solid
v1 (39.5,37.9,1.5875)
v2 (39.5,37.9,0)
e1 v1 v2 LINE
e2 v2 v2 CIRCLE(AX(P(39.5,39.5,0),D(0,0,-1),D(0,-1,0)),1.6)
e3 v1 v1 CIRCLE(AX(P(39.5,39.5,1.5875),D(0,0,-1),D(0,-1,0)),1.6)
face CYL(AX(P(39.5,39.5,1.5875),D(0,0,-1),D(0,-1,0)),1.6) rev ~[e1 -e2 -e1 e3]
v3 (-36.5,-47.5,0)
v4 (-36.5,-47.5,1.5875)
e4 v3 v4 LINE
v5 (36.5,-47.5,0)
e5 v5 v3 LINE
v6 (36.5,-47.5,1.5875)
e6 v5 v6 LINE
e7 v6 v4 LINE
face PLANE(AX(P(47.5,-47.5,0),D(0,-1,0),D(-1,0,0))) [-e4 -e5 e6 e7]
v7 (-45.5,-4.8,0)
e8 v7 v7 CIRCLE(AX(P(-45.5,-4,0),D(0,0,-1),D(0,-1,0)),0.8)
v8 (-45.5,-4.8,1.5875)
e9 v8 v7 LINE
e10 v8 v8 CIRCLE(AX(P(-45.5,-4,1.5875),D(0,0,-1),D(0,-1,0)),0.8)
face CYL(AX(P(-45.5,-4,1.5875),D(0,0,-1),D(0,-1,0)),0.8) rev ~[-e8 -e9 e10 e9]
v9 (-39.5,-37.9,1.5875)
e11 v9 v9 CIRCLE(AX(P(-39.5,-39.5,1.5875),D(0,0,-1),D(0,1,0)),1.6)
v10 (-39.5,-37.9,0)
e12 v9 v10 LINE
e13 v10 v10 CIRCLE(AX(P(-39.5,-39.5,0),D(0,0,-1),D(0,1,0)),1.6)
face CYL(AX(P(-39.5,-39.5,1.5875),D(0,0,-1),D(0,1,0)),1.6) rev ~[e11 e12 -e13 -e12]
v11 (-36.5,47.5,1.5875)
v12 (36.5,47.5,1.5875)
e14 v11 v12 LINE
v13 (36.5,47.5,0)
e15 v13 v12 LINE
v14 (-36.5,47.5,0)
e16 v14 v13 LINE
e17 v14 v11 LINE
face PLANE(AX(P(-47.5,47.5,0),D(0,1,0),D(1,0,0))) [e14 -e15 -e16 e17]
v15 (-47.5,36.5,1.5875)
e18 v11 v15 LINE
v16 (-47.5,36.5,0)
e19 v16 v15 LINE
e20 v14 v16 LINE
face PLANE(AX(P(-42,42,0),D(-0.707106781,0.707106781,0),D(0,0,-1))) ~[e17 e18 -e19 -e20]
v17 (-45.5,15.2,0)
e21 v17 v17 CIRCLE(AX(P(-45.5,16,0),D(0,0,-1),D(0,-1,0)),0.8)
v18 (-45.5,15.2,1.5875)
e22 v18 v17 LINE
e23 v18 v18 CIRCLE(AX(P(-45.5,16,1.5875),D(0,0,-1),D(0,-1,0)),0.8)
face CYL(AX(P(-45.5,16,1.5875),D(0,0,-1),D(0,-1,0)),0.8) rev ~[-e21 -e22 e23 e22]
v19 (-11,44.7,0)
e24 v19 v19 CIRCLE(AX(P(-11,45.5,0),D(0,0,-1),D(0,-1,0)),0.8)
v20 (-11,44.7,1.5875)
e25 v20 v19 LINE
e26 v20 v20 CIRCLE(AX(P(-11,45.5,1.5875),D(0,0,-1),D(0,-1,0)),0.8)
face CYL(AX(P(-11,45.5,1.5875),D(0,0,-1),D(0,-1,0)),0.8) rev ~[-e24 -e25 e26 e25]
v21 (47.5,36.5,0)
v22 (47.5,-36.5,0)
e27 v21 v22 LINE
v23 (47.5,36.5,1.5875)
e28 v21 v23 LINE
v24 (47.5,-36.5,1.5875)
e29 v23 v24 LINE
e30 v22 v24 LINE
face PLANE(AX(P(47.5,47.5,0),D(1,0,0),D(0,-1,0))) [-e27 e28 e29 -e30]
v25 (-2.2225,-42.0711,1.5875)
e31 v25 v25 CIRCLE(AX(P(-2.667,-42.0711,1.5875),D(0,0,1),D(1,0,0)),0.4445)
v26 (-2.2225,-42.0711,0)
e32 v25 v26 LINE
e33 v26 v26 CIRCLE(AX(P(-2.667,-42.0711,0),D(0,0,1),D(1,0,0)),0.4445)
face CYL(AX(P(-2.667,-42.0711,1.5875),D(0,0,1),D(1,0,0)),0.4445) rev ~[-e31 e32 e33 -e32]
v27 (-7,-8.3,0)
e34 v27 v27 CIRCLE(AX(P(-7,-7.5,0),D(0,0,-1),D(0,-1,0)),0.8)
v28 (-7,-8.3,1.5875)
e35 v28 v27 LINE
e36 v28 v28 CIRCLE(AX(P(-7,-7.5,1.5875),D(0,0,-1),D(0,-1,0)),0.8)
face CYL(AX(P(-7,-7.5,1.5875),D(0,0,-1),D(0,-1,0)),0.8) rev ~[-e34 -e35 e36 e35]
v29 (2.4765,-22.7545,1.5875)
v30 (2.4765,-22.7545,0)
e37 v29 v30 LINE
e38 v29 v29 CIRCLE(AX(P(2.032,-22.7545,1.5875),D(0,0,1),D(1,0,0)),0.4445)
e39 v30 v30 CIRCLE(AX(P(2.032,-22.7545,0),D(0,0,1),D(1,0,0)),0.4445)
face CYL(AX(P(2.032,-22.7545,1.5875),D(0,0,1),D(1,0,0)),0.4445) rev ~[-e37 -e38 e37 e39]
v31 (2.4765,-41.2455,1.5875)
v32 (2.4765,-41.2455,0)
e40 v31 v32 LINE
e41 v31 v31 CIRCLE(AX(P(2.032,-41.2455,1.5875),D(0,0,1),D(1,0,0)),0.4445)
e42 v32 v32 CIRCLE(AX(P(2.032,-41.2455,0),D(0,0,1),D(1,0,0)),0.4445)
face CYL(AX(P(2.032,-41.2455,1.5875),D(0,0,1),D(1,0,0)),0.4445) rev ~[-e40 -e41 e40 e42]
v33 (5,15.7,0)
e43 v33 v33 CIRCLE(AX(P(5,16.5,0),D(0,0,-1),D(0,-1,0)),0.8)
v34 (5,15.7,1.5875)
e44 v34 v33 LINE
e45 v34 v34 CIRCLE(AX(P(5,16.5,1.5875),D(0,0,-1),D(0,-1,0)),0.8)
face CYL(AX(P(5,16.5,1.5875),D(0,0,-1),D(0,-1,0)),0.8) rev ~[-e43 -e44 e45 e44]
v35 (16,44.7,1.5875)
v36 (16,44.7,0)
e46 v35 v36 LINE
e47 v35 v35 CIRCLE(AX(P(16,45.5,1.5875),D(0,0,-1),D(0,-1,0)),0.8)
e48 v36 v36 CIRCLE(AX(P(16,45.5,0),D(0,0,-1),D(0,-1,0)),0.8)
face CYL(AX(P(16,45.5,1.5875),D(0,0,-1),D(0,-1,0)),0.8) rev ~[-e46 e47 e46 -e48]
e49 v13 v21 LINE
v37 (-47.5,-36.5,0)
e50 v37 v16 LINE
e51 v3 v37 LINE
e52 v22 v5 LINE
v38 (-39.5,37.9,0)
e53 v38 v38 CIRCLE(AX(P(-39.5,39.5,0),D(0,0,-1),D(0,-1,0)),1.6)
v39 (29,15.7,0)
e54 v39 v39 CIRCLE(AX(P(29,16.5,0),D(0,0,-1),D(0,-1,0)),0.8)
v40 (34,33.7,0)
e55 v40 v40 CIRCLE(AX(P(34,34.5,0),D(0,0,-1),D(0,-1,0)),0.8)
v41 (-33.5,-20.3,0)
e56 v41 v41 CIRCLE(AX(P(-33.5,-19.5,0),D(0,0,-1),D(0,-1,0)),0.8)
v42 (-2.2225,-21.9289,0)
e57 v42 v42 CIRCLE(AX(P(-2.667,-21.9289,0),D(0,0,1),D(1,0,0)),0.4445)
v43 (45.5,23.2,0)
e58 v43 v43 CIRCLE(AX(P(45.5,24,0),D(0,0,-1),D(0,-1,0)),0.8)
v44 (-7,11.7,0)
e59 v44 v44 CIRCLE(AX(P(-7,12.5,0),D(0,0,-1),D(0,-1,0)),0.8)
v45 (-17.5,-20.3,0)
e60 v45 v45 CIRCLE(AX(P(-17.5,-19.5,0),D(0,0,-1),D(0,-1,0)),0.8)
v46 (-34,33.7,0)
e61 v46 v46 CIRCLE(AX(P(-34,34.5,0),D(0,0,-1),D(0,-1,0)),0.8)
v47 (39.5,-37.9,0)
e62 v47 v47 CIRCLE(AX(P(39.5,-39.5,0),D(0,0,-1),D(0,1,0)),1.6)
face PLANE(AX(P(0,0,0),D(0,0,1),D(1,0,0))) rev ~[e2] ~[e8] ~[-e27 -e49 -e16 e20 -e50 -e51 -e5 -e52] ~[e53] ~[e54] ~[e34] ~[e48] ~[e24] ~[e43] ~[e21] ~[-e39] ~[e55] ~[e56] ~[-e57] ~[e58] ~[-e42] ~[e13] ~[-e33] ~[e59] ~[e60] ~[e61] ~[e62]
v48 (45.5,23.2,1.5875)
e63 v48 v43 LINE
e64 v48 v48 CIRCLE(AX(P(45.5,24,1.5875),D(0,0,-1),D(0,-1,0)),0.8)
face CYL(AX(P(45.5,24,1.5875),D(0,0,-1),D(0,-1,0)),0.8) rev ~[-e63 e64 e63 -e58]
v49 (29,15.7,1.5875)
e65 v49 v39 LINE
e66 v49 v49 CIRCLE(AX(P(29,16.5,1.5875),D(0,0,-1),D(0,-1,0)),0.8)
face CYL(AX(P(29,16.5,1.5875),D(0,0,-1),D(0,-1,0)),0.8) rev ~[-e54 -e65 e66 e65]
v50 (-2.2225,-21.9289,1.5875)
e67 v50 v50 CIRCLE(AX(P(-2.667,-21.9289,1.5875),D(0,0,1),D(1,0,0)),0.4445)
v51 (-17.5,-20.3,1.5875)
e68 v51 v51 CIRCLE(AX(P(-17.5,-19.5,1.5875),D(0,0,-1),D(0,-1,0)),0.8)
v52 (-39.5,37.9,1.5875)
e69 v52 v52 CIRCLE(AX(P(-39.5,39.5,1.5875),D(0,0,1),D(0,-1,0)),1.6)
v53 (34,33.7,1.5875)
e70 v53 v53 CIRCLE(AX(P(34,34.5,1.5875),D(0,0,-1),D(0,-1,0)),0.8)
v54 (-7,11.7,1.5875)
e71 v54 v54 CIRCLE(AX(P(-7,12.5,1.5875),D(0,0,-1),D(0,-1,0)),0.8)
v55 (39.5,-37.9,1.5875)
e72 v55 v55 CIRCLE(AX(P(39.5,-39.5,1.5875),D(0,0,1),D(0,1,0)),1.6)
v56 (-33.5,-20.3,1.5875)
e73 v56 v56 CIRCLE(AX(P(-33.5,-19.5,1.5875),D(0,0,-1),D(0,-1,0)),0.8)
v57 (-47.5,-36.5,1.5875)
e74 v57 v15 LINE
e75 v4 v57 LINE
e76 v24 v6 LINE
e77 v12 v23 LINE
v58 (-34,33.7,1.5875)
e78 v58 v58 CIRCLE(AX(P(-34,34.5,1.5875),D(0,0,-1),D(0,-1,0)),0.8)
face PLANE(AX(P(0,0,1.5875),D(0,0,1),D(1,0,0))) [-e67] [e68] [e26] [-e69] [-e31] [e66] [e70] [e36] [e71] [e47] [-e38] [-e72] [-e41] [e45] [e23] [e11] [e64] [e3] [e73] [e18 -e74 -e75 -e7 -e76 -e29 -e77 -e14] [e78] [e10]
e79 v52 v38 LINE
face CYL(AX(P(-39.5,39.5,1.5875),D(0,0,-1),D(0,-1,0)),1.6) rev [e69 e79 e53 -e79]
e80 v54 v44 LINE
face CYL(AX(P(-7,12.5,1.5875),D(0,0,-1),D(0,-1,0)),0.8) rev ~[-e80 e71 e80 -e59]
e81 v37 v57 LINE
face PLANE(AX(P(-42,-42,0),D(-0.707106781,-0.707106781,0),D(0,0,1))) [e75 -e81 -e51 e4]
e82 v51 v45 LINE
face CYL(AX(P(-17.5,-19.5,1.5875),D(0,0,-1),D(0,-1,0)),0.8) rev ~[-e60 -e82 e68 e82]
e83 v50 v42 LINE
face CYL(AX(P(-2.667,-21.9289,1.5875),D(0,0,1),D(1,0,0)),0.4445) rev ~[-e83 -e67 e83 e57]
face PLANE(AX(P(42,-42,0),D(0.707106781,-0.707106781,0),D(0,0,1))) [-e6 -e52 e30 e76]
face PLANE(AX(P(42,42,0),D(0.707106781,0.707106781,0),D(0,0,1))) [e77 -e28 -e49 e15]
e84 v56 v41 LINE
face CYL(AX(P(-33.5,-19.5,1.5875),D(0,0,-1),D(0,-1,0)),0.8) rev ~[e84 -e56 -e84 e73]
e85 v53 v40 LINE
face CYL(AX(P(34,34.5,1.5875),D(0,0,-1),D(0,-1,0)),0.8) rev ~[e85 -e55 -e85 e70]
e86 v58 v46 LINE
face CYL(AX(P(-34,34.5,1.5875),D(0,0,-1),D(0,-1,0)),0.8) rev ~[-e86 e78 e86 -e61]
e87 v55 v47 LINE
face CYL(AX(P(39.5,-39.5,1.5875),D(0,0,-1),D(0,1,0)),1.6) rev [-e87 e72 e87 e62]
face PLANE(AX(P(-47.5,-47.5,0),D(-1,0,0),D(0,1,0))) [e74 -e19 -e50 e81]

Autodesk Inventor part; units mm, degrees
sketch "AL_spacer_contact_Zminus" plane through (0, 0, 0) normal (0, 0, 1) x (1, 0, 0)
  circle A0 centre (39.5, 39.5) radius 3.175
  circle A1 centre (39.5, -39.5) radius 3.175
  circle A2 centre (-39.5, -39.5) radius 3.175
  circle A3 centre (-39.5, 39.5) radius 3.175
  point P0 (0, 0)
  dimension "d228" = 39.5
  dimension "d229" = 39.5
  dimension "d230" = 39.5
  dimension "d231" = 39.5
  dimension "d232" = 39.5
  dimension "d233" = 39.5
  dimension "d234" = 39.5
  dimension "d235" = 39.5
  dimension "d236" = 6.35
sketch "Delrin_stayout_Zminus" plane through (0, 0, 0) normal (0, 0, 1) x (1, 0, 0)
  line L0 (47.5, 39.5) -> (47.5, 31)
  line L1 (47.5, 31) -> (39.5, 31)
  line L2 (39.5, 31) -> (31, 39.5)
  line L3 (31, 39.5) -> (31, 47.5)
  line L4 (31, 47.5) -> (39.5, 47.5)
  line L5 (39.5, 47.5) -> (47.5, 39.5)
  line L6 (-39.5, 47.5) -> (-47.5, 39.5)
  line L7 (-47.5, 39.5) -> (-47.5, 31)
  line L8 (-47.5, 31) -> (-39.5, 31)
  line L9 (-39.5, 31) -> (-31, 39.5)
  line L10 (-31, 39.5) -> (-31, 47.5)
  line L11 (-31, 47.5) -> (-39.5, 47.5)
  line L12 (47.5, -39.5) -> (39.5, -47.5)
  line L13 (39.5, -47.5) -> (31, -47.5)
  line L14 (31, -47.5) -> (31, -39.5)
  line L15 (31, -39.5) -> (39.5, -31)
  line L16 (39.5, -31) -> (47.5, -31)
  line L17 (47.5, -31) -> (47.5, -39.5)
  line L18 (-39.5, -47.5) -> (-47.5, -39.5)
  line L19 (-47.5, -39.5) -> (-47.5, -31)
  line L20 (-47.5, -31) -> (-39.5, -31)
  line L21 (-39.5, -31) -> (-31, -39.5)
  line L22 (-31, -39.5) -> (-31, -47.5)
  line L23 (-31, -47.5) -> (-39.5, -47.5)
  point P0 (0, 0)
  dimension "d243" = 16.5
  dimension "d244" = 8
  dimension "d245" = 8.5
  dimension "d246" = 16.5
  dimension "d247" = 47.5
  dimension "d248" = 47.5
  dimension "d249" = 47.5
  dimension "d250" = 47.5
  dimension "d251" = 47.5
  dimension "d252" = 47.5
  dimension "d253" = 47.5
  dimension "d254" = 47.5
sketch "Nub_stayout_Zminus" plane through (0, 0, 0) normal (0, 0, 1) x (1, 0, 0)
  line L0 (29, 47.5) -> (39.5, 47.5)
  line L1 (39.5, 47.5) -> (47.5, 39.5)
  line L2 (47.5, 39.5) -> (47.5, 29)
  line L3 (47.5, 29) -> (42, 29)
  line L4 (42, 29) -> (42, 40.4125)
  line L5 (40.4125, 42) -> (29, 42)
  line L6 (29, 42) -> (29, 47.5)
  arc A0 (42, 40.4125) -> (40.4125, 42) centre (40.4125, 40.4125) ccw
  line L7 (-29, 47.5) -> (-39.5, 47.5)
  line L8 (-39.5, 47.5) -> (-47.5, 39.5)
  line L9 (-47.5, 39.5) -> (-47.5, 29)
  line L10 (-47.5, 29) -> (-42, 29)
  line L11 (-42, 29) -> (-42, 40.4125)
  line L12 (-40.4125, 42) -> (-29, 42)
  line L13 (-29, 42) -> (-29, 47.5)
  arc A1 (-40.4125, 42) -> (-42, 40.4125) centre (-40.4125, 40.4125) ccw
  line L14 (-47.5, -29) -> (-42, -29)
  line L15 (-42, -29) -> (-42, -40.4125)
  line L16 (-40.4125, -42) -> (-29, -42)
  line L17 (-29, -42) -> (-29, -47.5)
  line L18 (-29, -47.5) -> (-39.5, -47.5)
  line L19 (-39.5, -47.5) -> (-47.5, -39.5)
  line L20 (-47.5, -39.5) -> (-47.5, -29)
  arc A2 (-42, -40.4125) -> (-40.4125, -42) centre (-40.4125, -40.4125) ccw
  line L21 (47.5, -29) -> (42, -29)
  line L22 (42, -29) -> (42, -40.4125)
  line L23 (40.4125, -42) -> (29, -42)
  line L24 (29, -42) -> (29, -47.5)
  line L25 (29, -47.5) -> (39.5, -47.5)
  line L26 (39.5, -47.5) -> (47.5, -39.5)
  line L27 (47.5, -39.5) -> (47.5, -29)
  arc A3 (40.4125, -42) -> (42, -40.4125) centre (40.4125, -40.4125) ccw
  point P0 (0, 0)
  dimension "d255" = 1.5875
  dimension "d256" = 18.5
  dimension "d257" = 8
  dimension "d258" = 5.5
  dimension "d259" = 47.5
  dimension "d260" = 47.5
  dimension "d264" = 1.5875
  dimension "d265" = 47.5
  dimension "d266" = 47.5
  dimension "d267" = 1.5875
  dimension "d268" = 47.5
  dimension "d269" = 47.5
  dimension "d270" = 1.5875
  dimension "d271" = 47.5
  dimension "d272" = 47.5
ref_plane "Zplus_face" through (0, 0, 1.5875) normal (0, 0, 1) x (1, 0, 0)
sketch "AL_spacer_contact_Zplus" plane through (0, 0, 1.5875) normal (0, 0, 1) x (1, 0, 0)
  circle A0 centre (-39.5, 39.5) radius 3.175
  circle A1 centre (-39.5, -39.5) radius 3.175
  circle A2 centre (39.5, -39.5) radius 3.175
  circle A3 centre (39.5, 39.5) radius 3.175
  point P0 (0, 0)
  dimension "d129" = 39.5
  dimension "d130" = 39.5
  dimension "d131" = 39.5
  dimension "d132" = 39.5
  dimension "d133" = 6.35
sketch "Delrin_stayout_Zplus" plane through (0, 0, 1.5875) normal (0, 0, 1) x (1, 0, 0)
  line L0 (47.5, -31) -> (47.5, -39.5)
  line L1 (47.5, -39.5) -> (39.5, -47.5)
  line L2 (39.5, -47.5) -> (31, -47.5)
  line L3 (31, -47.5) -> (31, -39.5)
  line L4 (31, -39.5) -> (39.5, -31)
  line L5 (39.5, -31) -> (47.5, -31)
  line L6 (47.5, 31) -> (47.5, 39.5)
  line L7 (47.5, 39.5) -> (39.5, 47.5)
  line L8 (39.5, 47.5) -> (31, 47.5)
  line L9 (31, 47.5) -> (31, 39.5)
  line L10 (31, 39.5) -> (39.5, 31)
  line L11 (39.5, 31) -> (47.5, 31)
  line L12 (-39.5, 47.5) -> (-47.5, 39.5)
  line L13 (-47.5, 39.5) -> (-47.5, 31)
  line L14 (-47.5, 31) -> (-39.5, 31)
  line L15 (-39.5, 31) -> (-31, 39.5)
  line L16 (-31, 39.5) -> (-31, 47.5)
  line L17 (-31, 47.5) -> (-39.5, 47.5)
  line L18 (-47.5, -39.5) -> (-39.5, -47.5)
  line L19 (-39.5, -47.5) -> (-31, -47.5)
  line L20 (-31, -47.5) -> (-31, -39.5)
  line L21 (-31, -39.5) -> (-39.5, -31)
  line L22 (-39.5, -31) -> (-47.5, -31)
  line L23 (-47.5, -31) -> (-47.5, -39.5)
  point P0 (0, 0)
  dimension "d115" = 16.5
  dimension "d116" = 16.5
  dimension "d117" = 8
  dimension "d118" = 8.5
  dimension "d121" = 47.5
  dimension "d122" = 47.5
  dimension "d123" = 47.5
  dimension "d124" = 47.5
  dimension "d125" = 47.5
  dimension "d126" = 47.5
  dimension "d127" = 47.5
  dimension "d128" = 47.5
sketch "Nub_stayout_Zplus" plane through (0, 0, 1.5875) normal (0, 0, 1) x (1, 0, 0)
  line L0 (47.5, 29) -> (42, 29)
  line L1 (42, 29) -> (42, 40.4125)
  line L2 (40.4125, 42) -> (29, 42)
  line L3 (29, 42) -> (29, 47.5)
  arc A0 (42, 40.4125) -> (40.4125, 42) centre (40.4125, 40.4125) ccw
  line L4 (29, 47.5) -> (39.5, 47.5)
  line L5 (39.5, 47.5) -> (47.5, 39.5)
  line L6 (47.5, 39.5) -> (47.5, 29)
  line L7 (-39.5, 47.5) -> (-29, 47.5)
  line L8 (-29, 47.5) -> (-29, 42)
  line L9 (-29, 42) -> (-40.4125, 42)
  line L10 (-42, 40.4125) -> (-42, 29)
  line L11 (-42, 29) -> (-47.5, 29)
  line L12 (-47.5, 29) -> (-47.5, 39.5)
  line L13 (-47.5, 39.5) -> (-39.5, 47.5)
  arc A1 (-40.4125, 42) -> (-42, 40.4125) centre (-40.4125, 40.4125) ccw
  line L14 (-47.5, -29) -> (-47.5, -39.5)
  line L15 (-47.5, -39.5) -> (-39.5, -47.5)
  line L16 (-39.5, -47.5) -> (-29, -47.5)
  line L17 (-29, -47.5) -> (-29, -42)
  line L18 (-29, -42) -> (-40.4125, -42)
  line L19 (-42, -40.4125) -> (-42, -29)
  line L20 (-42, -29) -> (-47.5, -29)
  arc A2 (-42, -40.4125) -> (-40.4125, -42) centre (-40.4125, -40.4125) ccw
  line L21 (29, -47.5) -> (39.5, -47.5)
  line L22 (39.5, -47.5) -> (47.5, -39.5)
  line L23 (47.5, -39.5) -> (47.5, -29)
  line L24 (47.5, -29) -> (42, -29)
  line L25 (42, -29) -> (42, -40.4125)
  line L26 (40.4125, -42) -> (29, -42)
  line L27 (29, -42) -> (29, -47.5)
  arc A3 (40.4125, -42) -> (42, -40.4125) centre (40.4125, -40.4125) ccw
  point P0 (0, 0)
  dimension "d146" = 1.5875
  dimension "d147" = 5.5
  dimension "d149" = 18.5
  dimension "d150" = 8
  dimension "d151" = 47.5
  dimension "d152" = 47.5
  dimension "d153" = 1.5875
  dimension "d154" = 47.5
  dimension "d155" = 47.5
  dimension "d156" = 1.5875
  dimension "d157" = 47.5
  dimension "d158" = 47.5
  dimension "d159" = 1.5875
  dimension "d160" = 47.5
  dimension "d161" = 47.5
sketch "Sketch1" plane through (0, 0, 0) normal (0, 0, 1) x (1, 0, 0)
  line L0 (-47.5, 47.5) -> (47.5, 47.5)
  line L1 (47.5, 47.5) -> (47.5, -47.5)
  line L2 (47.5, -47.5) -> (-47.5, -47.5)
  line L3 (-47.5, -47.5) -> (-47.5, 47.5)
  point P0 (0, 0)
  dimension "d0" = 95
  dimension "d1" = 95
  dimension "d2" = 47.5
  dimension "d3" = 47.5
extrude "Extrusion1" add sketch "Sketch1" along normal blind 1.5875
chamfer "Chamfer2" distance 11 angle 45 4 edges at (-47.5, -47.5, 0.7937) (47.5, -47.5, 0.7937) (47.5, 47.5, 0.7937) (-47.5, 47.5, 0.7937)
ref_plane "Work Plane_ConnX" through (-32, 0, 0) normal (1, 0, 0) x (0, 1, 0)
ref_plane "Work Plane_ConnY" through (0, 0, 0) normal (0, 1, 0) x (-1, 0, 0)
sketch "Sketch9" plane through (0, 0, 1.5875) normal (0, 0, 1) x (1, 0, 0)
  line L0 (47.5, 47.5) -> (47.5, -47.5) projected
  line L1 (58.5598, -32) -> (-58.5598, -32)
  circle A0 centre (-2.667, -21.9289) radius 0.4445
  circle A1 centre (-2.667, -42.0711) radius 0.4445
  line L2 (0, 26.5598) -> (0, -90.5598) construction
  point P0 (0, 0)
  point P1 (0, -32)
  dimension "d134" = 20.1422
  dimension "d136" = 2.667
  dimension "d138" = 0.889
  dimension "d141" = 180
  dimension "d350" = 32
  dimension "d351" = 0
extrude "Holes_Conn_Zminus" cut sketch "Sketch9" against normal through all
sketch "Sketch22" plane through (0, 0, 1.5875) normal (0, 0, 1) x (1, 0, 0)
  line L0 (47.5, 36.5) -> (47.5, -36.5) projected
  line L1 (0, -1.0026) -> (0, -62.9974) construction
  line L2 (62.8115, -32) -> (-62.8115, -32)
  circle A0 centre (2.032, -22.7545) radius 0.4445
  circle A1 centre (2.032, -41.2455) radius 0.4445
  point P0 (0, 0)
  point P1 (0, -32)
  dimension "d282" = 180
  dimension "d283" = 18.491
  dimension "d284" = 0.889
  dimension "d285" = 2.032
  dimension "d352" = 32
  dimension "d353" = 0
extrude "Holes_Conn_Zplus" cut sketch "Sketch22" against normal through all
hole "Hole5" at (39.5, 39.5, 1.5875) direction (0, 0, -1) diameter 3.2 end through all
mirror "Mirror5" about plane through (0, 0, 0) normal (1, 0, 0) of "Hole5"
mirror "Mirror6" about plane through (0, 0, 0) normal (0, 1, 0) of "Hole5", "Mirror5"
sketch "Sketch25" plane through (0, 0, 1.5875) normal (0, 0, 1) x (1, 0, 0)
  circle A0 centre (-39.5, -39.5) radius 1.6 projected
  circle A1 centre (39.5, -39.5) radius 1.6 projected
  circle A2 centre (-39.5, 39.5) radius 1.6 projected
  circle A3 centre (39.5, 39.5) radius 1.6 projected
  line L0 (36.5, -47.5) -> (-36.5, -47.5) projected
  line L1 (0, 0) -> (0, -59.2198)
  line L2 (8, -47.5) -> (8, -15.5)
  line L3 (8, -15.5) -> (-8, -15.5)
  line L4 (-8, -15.5) -> (-8, -47.5)
  line L5 (-8, -47.5) -> (-62.7516, -61.7336)
  line L6 (-62.7516, -61.7336) -> (-64.2933, 68.2222)
  line L7 (-64.2933, 68.2222) -> (58.3572, 62.5728)
  line L8 (58.3572, 62.5728) -> (56.5848, -69.017)
  line L9 (56.5848, -69.017) -> (8, -47.5)
  dimension "d362" = 16
  dimension "d363" = 32
extrude "Extrusion9" [suppressed]
sketch "Sketch27" plane through (0, 0, 0) normal (0, 0, -1) x (-1, 0, 0)
  line L0 (36.5, 47.5) -> (-36.5, 47.5) projected
  line L1 (-47.5, 36.5) -> (-47.5, -36.5) projected
  line L2 (-36.5, -47.5) -> (36.5, -47.5) projected
  line L3 (47.5, -36.5) -> (47.5, 36.5) projected
  line L4 (-47.5, 47.5) -> (47.5, 47.5) construction
  line L5 (47.5, 47.5) -> (47.5, -47.5) construction
  line L6 (47.5, -47.5) -> (-47.5, -47.5) construction
  line L7 (-47.5, -47.5) -> (-47.5, 47.5) construction
  point P0 (0, 0)
decal "Decal2"
sketch "Sketch29" plane through (0, 0, 1.5875) normal (0, 0, 1) x (1, 0, 0)
  line L0 (-47.5, -36.5) -> (-47.5, 36.5) projected
  line L1 (36.5, -47.5) -> (-36.5, -47.5) projected
  line L2 (47.5, 36.5) -> (47.5, -36.5) projected
  line L3 (-36.5, 47.5) -> (36.5, 47.5) projected
  line L4 (-47.5, 47.5) -> (47.5, 47.5) construction
  line L5 (47.5, 47.5) -> (47.5, -47.5) construction
  line L6 (47.5, -47.5) -> (-47.5, -47.5) construction
  line L7 (-47.5, -47.5) -> (-47.5, 47.5) construction
  point P0 (0, 0)
decal "Decal3"
ref_plane "U7_MBC13917_X" through (4.5, -36.5, 0) normal (-1, 0, 0) x (0, 0, 1)
ref_plane "U7_MBC13917_Y" through (-36.5, 42.03, 0) normal (0, -1, 0) x (1, 0, 0)
ref_plane "U9_SA601_X" through (-23.16, -36.5, 0) normal (-1, 0, 0) x (0, 0, 1)
ref_plane "U9_SA601_Y" through (-36.5, 37.32, 0) normal (0, -1, 0) x (1, 0, 0)
ref_plane "U10_SA607_X" through (-18, -36.5, 0) normal (-1, 0, 0) x (0, 0, 1)
ref_plane "U10_SA607_Y" through (-36.5, 4, 0) normal (0, -1, 0) x (1, 0, 0)
hole "Hole13" at (-17.5, -19.5, 1.5875) direction (0, 0, -1) diameter 1.6 end through all
hole "Hole14" at (-7, -7.5, 1.5875) direction (0, 0, -1) diameter 1.6 end through all
hole "Hole15" at (-7, 12.5, 1.5875) direction (0, 0, -1) diameter 1.6 end through all
hole "Hole16" at (5, 16.5, 1.5875) direction (0, 0, -1) diameter 1.6 end through all
hole "Hole17" at (16, 45.5, 1.5875) direction (0, 0, -1) diameter 1.6 end through all
hole "Hole18" at (34, 34.5, 1.5875) direction (0, 0, -1) diameter 1.6 end through all
hole "Hole19" at (45.5, 24, 1.5875) direction (0, 0, -1) diameter 1.6 end through all
hole "Hole20" at (29, 16.5, 1.5875) direction (0, 0, -1) diameter 1.6 end through all
hole "Hole21" at (-11, 45.5, 1.5875) direction (0, 0, -1) diameter 1.6 end through all
hole "Hole22" at (-34, 34.5, 1.5875) direction (0, 0, -1) diameter 1.6 end through all
hole "Hole23" at (-45.5, 16, 1.5875) direction (0, 0, -1) diameter 1.6 end through all
hole "Hole24" at (-45.5, -4, 1.5875) direction (0, 0, -1) diameter 1.6 end through all
hole "Hole25" at (-33.5, -19.5, 1.5875) direction (0, 0, -1) diameter 1.6 end through all
properties part number "PCB_RX" material "FR4"
